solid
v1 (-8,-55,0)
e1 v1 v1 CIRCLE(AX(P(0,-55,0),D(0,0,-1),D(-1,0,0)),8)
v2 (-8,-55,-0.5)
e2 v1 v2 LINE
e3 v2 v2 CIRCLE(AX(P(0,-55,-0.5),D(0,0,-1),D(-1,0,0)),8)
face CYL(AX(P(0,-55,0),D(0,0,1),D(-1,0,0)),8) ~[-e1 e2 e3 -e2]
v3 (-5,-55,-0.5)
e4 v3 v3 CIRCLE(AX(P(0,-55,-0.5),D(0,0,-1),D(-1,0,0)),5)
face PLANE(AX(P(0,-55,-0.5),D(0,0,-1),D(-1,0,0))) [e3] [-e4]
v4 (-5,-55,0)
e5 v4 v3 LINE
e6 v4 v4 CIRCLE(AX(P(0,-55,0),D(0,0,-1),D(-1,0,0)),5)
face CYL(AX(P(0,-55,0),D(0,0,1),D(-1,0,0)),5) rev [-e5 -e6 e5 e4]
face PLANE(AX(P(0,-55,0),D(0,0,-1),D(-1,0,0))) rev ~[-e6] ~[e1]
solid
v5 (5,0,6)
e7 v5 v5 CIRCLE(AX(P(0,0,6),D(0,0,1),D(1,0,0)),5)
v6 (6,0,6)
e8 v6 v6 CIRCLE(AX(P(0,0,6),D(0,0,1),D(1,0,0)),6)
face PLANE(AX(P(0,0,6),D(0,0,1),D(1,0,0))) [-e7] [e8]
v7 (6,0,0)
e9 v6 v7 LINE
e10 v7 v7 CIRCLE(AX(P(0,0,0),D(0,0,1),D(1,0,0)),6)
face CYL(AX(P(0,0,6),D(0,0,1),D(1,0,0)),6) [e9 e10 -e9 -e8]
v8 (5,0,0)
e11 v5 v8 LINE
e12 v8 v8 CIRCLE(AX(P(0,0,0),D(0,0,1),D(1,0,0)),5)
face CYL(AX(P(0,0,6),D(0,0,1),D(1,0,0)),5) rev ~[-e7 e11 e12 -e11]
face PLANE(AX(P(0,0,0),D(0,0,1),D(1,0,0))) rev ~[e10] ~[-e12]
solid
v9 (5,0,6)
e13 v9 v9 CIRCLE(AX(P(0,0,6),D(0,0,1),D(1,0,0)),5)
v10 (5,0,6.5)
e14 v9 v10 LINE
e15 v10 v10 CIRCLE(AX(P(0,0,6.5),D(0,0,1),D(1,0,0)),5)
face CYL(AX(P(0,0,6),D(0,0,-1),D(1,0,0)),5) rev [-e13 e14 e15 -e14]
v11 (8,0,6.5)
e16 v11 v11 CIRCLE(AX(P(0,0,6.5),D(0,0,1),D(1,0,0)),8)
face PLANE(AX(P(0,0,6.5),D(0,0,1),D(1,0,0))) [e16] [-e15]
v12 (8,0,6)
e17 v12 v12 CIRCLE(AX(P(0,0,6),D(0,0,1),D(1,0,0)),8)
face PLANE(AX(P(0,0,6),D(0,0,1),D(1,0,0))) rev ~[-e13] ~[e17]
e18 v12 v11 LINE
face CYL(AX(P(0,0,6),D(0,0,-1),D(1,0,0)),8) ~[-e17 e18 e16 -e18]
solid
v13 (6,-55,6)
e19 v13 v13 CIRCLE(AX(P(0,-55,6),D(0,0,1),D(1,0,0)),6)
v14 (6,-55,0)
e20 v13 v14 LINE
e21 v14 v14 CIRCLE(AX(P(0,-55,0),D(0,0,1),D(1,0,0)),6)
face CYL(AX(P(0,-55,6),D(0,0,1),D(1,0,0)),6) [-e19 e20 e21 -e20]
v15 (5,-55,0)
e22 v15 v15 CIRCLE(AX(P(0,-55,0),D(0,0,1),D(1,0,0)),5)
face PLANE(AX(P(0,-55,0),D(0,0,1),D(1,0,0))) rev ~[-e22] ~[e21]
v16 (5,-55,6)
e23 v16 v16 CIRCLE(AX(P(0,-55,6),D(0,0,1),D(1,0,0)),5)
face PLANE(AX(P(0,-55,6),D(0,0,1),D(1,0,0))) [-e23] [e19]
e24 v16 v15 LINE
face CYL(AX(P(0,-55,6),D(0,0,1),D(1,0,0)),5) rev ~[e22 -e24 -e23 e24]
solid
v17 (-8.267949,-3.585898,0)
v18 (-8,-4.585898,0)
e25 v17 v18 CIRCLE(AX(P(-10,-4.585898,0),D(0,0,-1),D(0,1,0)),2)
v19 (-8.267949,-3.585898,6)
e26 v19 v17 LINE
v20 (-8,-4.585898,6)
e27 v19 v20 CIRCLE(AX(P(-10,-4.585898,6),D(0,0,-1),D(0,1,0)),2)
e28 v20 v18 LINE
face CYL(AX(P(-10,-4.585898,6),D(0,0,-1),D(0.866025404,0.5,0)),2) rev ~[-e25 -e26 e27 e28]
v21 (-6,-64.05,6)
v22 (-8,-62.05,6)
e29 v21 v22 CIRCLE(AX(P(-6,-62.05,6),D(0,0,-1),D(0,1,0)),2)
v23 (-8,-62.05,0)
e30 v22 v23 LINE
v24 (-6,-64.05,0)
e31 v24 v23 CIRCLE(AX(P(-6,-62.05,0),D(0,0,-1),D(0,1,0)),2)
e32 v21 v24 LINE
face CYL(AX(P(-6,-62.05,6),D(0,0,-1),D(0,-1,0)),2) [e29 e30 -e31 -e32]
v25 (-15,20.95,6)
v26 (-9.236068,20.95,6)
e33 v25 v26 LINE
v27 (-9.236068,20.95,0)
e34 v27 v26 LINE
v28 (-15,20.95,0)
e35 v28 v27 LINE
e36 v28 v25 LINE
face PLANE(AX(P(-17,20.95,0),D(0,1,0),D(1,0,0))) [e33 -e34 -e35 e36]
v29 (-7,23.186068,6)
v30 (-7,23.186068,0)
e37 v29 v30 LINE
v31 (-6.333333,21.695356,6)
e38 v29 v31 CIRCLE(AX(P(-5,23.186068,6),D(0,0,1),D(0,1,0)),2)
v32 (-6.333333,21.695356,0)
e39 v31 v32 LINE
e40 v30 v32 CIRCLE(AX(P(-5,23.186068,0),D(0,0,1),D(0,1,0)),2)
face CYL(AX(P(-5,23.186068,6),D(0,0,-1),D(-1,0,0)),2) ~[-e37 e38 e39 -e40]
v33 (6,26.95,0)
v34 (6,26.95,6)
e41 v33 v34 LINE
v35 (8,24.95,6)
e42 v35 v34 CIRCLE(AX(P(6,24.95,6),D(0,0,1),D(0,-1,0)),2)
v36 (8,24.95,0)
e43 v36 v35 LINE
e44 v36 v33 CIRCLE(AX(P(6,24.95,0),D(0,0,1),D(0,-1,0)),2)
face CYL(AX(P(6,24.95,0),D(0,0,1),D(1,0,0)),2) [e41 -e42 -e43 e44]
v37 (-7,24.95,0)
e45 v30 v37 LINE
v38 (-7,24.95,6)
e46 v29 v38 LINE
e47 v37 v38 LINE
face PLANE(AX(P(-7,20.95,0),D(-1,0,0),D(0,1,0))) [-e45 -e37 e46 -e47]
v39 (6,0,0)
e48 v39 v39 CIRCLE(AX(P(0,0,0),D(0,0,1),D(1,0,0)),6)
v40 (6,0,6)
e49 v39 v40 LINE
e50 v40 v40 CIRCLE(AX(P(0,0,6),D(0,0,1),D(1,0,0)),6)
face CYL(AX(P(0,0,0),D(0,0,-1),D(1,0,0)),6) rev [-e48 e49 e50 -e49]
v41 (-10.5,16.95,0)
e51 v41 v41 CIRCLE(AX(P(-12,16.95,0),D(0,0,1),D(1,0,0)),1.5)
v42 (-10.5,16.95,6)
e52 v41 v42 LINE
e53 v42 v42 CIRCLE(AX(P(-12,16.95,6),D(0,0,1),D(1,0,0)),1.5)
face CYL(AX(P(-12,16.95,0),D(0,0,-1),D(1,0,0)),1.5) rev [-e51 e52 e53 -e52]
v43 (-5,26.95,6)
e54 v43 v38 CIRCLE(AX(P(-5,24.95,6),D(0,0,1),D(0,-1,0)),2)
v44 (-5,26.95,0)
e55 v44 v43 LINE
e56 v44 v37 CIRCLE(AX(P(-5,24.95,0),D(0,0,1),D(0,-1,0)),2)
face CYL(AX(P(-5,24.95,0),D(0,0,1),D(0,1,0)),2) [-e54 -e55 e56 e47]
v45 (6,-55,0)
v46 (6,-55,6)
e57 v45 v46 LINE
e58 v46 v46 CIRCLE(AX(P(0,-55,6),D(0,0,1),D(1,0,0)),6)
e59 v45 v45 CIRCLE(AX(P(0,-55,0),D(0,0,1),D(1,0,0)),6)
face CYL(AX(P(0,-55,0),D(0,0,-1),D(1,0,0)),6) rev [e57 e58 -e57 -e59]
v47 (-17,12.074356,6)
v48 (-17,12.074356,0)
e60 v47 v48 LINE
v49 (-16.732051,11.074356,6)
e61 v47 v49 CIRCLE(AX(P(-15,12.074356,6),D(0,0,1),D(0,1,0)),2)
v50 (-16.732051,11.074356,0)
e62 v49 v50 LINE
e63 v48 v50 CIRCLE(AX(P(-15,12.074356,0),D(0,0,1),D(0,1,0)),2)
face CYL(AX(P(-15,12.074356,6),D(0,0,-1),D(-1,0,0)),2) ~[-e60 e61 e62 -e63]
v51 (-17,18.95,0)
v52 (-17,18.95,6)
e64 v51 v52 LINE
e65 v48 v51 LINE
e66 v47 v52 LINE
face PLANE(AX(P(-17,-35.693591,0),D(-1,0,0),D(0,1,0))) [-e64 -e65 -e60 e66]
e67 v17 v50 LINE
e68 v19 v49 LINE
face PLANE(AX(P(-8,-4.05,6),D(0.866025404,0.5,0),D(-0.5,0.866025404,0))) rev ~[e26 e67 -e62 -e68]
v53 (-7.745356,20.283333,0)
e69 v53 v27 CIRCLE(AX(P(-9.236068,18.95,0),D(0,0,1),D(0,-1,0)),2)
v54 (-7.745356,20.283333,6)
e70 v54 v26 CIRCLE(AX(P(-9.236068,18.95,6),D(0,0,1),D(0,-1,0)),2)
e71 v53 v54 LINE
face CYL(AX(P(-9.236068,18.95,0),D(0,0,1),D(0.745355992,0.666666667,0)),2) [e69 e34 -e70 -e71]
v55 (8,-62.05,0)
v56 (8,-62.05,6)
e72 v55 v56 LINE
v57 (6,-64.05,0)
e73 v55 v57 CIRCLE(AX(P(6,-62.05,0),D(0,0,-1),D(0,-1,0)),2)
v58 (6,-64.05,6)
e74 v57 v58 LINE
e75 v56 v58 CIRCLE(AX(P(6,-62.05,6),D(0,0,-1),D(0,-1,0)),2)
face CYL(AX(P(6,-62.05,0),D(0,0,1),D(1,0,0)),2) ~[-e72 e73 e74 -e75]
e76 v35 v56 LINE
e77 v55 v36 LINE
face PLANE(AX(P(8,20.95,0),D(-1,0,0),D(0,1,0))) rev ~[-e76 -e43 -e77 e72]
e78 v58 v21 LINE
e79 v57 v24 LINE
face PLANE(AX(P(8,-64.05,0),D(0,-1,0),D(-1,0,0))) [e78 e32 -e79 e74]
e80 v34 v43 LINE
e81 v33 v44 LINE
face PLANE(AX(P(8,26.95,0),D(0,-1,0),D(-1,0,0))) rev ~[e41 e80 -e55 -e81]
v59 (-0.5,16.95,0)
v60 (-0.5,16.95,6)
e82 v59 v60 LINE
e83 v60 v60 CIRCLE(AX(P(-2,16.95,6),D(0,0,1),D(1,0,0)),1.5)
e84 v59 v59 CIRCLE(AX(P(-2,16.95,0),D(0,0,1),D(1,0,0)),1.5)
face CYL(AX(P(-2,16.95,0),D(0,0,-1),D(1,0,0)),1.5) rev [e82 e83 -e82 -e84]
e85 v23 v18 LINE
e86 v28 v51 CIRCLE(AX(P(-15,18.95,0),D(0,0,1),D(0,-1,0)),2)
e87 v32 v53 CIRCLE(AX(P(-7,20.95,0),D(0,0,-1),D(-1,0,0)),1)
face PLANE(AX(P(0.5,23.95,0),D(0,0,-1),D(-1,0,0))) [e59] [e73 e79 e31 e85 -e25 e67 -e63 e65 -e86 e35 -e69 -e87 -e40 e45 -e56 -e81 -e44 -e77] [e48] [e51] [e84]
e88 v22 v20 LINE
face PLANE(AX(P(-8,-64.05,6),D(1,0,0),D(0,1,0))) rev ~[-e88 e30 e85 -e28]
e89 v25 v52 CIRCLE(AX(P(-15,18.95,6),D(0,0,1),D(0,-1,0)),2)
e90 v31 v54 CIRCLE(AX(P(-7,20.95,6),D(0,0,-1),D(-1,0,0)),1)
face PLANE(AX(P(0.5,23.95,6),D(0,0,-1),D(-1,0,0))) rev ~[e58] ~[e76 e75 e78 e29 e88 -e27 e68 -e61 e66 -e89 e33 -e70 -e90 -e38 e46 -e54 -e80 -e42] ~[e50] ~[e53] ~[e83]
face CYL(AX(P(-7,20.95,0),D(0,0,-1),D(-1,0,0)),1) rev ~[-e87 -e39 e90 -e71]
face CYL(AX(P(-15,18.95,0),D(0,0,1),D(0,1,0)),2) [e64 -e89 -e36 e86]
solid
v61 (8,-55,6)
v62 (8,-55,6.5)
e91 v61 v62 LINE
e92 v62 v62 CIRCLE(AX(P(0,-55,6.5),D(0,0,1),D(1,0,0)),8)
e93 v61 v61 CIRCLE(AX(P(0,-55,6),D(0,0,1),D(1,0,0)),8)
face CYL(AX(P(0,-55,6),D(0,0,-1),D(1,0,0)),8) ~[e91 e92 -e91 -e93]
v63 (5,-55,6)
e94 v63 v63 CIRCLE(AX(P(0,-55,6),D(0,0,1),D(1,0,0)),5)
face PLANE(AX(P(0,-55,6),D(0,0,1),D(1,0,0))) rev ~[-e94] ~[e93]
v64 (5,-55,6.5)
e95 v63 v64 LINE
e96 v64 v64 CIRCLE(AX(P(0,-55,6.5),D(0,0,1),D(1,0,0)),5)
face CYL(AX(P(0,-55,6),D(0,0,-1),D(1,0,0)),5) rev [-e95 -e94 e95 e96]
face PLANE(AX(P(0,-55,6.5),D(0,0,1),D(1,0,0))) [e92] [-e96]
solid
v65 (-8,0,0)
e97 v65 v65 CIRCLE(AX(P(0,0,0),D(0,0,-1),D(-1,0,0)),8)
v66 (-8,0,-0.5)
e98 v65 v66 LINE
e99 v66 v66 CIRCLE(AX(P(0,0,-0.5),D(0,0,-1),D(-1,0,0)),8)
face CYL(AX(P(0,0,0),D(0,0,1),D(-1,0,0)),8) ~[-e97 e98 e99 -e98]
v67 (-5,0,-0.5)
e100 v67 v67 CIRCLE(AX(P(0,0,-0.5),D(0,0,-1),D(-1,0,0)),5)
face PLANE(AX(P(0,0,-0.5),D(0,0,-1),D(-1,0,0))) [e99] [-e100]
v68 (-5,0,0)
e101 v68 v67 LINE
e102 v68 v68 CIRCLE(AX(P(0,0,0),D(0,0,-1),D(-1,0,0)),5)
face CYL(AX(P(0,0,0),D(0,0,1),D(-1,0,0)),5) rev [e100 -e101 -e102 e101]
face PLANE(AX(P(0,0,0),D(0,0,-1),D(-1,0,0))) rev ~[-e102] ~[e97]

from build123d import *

# Parameters (mm, degrees)
SKETCH_1_R          = 6
SKETCH_1_R_2        = 1.5
EXTRUDE_1_DEPTH     = 6
SKETCH_2_R          = 6
SKETCH_2_R_2        = 5
EXTRUDE_2_DEPTH     = 6
EXTRUDE_2_2_DEPTH   = 6
SKETCH_3_R          = 8
SKETCH_3_R_2        = 5
EXTRUDE_3_DEPTH     = 0.5
EXTRUDE_3_2_DEPTH   = 0.5
SKETCH_4_R          = 8
SKETCH_4_R_2        = 5
EXTRUDE_4_DEPTH     = 0.5
EXTRUDE_4_2_DEPTH   = 0.5
SKETCH_5_W          = 15
SKETCH_5_H          = 6
EXTRUDE_5_DEPTH     = 6
SKETCH_6_R          = 1
CUT_EXTRUDE_1_DEPTH = 6
CUT_EXTRUDE_4_DEPTH = 6
FILLET_5_R          = 2


with BuildPart() as part:
    # 草图1 → 凸台-拉伸1 (new body)
    with BuildSketch(Plane.XY):
        Polygon((8, 20.95), (8, -64.05), (-12, -64.05), (-17, -35.693590902), (-17, 20.95), align=None)
        Circle(SKETCH_1_R, mode=Mode.SUBTRACT)
        with Locations((0, -55)):
            Circle(SKETCH_1_R, mode=Mode.SUBTRACT)
        with Locations((-2, 16.95)):
            Circle(SKETCH_1_R_2, mode=Mode.SUBTRACT)
        with Locations((-12, 16.95)):
            Circle(SKETCH_1_R_2, mode=Mode.SUBTRACT)
    extrude(amount=EXTRUDE_1_DEPTH)

    # 草图5 → 凸台-拉伸5 (add)
    with BuildSketch(Plane(origin=(0, 0, 0), x_dir=(-1, 0, 0), z_dir=(0, 0, -1))):
        with Locations((-0.5, 23.95)):
            Rectangle(SKETCH_5_W, SKETCH_5_H)
    extrude(amount=-EXTRUDE_5_DEPTH)

    # 草图6 → 切除-拉伸1 (cut)
    with BuildSketch(Plane(origin=(0, 0, 0), x_dir=(-1, 0, 0), z_dir=(0, 0, -1))):
        with Locations((7, 20.95)):
            Circle(SKETCH_6_R)
    extrude(amount=-CUT_EXTRUDE_1_DEPTH, mode=Mode.SUBTRACT)

    # 草图9 → 切除-拉伸4 (cut)
    with BuildSketch(Plane.XY.offset(6)):
        Polygon((-12, -64.05), (-8, -64.05), (-8, -4.05), (-17, 11.538457268), (-17, -35.693590902), align=None)
    extrude(amount=-CUT_EXTRUDE_4_DEPTH, mode=Mode.SUBTRACT)

    # 圆角5
    fillet_5_edges = [part.edges().sort_by_distance(p)[0] for p in [
        (8, 26.95, 3),
        (-7, 26.95, 3),
        (-7, 21.95, 3),
        (-8, 20.95, 3),
        (-8, -4.05, 3),
        (-8, -64.05, 3),
        (-17, 11.538457268, 3),
        (8, -64.05, 3),
        (-17, 20.95, 3),
    ]]
    fillet(fillet_5_edges, radius=FILLET_5_R)


with BuildPart() as body_2:
    # 草图2 → 凸台-拉伸2 (new body)
    with BuildSketch(Plane.XY.offset(6)):
        with Locations((0, -55)):
            Circle(SKETCH_2_R)
        with Locations((0, -55)):
            Circle(SKETCH_2_R_2, mode=Mode.SUBTRACT)
    extrude(amount=-EXTRUDE_2_DEPTH)


with BuildPart() as body_3:
    # 草图2 → Extrude 2 2 (new body)
    with BuildSketch(Plane.XY.offset(6)):
        Circle(SKETCH_2_R)
        Circle(SKETCH_2_R_2, mode=Mode.SUBTRACT)
    extrude(amount=-EXTRUDE_2_2_DEPTH)


with BuildPart() as body_4:
    # 草图3 → 凸台-拉伸3 (new body)
    with BuildSketch(Plane.XY.offset(6)):
        Circle(SKETCH_3_R)
        Circle(SKETCH_3_R_2, mode=Mode.SUBTRACT)
    extrude(amount=EXTRUDE_3_DEPTH)


with BuildPart() as body_5:
    # 草图3 → Extrude 3 2 (new body)
    with BuildSketch(Plane.XY.offset(6)):
        with Locations((0, -55)):
            Circle(SKETCH_3_R)
        with Locations((0, -55)):
            Circle(SKETCH_3_R_2, mode=Mode.SUBTRACT)
    extrude(amount=EXTRUDE_3_2_DEPTH)


with BuildPart() as body_6:
    # 草图4 → 凸台-拉伸4 (new body)
    with BuildSketch(Plane(origin=(0, 0, 0), x_dir=(-1, 0, 0), z_dir=(0, 0, -1))):
        with Locations((0, -55)):
            Circle(SKETCH_4_R)
        with Locations((0, -55)):
            Circle(SKETCH_4_R_2, mode=Mode.SUBTRACT)
    extrude(amount=EXTRUDE_4_DEPTH)


with BuildPart() as body_7:
    # 草图4 → Extrude 4 2 (new body)
    with BuildSketch(Plane(origin=(0, 0, 0), x_dir=(-1, 0, 0), z_dir=(0, 0, -1))):
        Circle(SKETCH_4_R)
        Circle(SKETCH_4_R_2, mode=Mode.SUBTRACT)
    extrude(amount=EXTRUDE_4_2_DEPTH)


solid = Compound([part.part, body_2.part, body_3.part, body_4.part, body_5.part, body_6.part, body_7.part])
